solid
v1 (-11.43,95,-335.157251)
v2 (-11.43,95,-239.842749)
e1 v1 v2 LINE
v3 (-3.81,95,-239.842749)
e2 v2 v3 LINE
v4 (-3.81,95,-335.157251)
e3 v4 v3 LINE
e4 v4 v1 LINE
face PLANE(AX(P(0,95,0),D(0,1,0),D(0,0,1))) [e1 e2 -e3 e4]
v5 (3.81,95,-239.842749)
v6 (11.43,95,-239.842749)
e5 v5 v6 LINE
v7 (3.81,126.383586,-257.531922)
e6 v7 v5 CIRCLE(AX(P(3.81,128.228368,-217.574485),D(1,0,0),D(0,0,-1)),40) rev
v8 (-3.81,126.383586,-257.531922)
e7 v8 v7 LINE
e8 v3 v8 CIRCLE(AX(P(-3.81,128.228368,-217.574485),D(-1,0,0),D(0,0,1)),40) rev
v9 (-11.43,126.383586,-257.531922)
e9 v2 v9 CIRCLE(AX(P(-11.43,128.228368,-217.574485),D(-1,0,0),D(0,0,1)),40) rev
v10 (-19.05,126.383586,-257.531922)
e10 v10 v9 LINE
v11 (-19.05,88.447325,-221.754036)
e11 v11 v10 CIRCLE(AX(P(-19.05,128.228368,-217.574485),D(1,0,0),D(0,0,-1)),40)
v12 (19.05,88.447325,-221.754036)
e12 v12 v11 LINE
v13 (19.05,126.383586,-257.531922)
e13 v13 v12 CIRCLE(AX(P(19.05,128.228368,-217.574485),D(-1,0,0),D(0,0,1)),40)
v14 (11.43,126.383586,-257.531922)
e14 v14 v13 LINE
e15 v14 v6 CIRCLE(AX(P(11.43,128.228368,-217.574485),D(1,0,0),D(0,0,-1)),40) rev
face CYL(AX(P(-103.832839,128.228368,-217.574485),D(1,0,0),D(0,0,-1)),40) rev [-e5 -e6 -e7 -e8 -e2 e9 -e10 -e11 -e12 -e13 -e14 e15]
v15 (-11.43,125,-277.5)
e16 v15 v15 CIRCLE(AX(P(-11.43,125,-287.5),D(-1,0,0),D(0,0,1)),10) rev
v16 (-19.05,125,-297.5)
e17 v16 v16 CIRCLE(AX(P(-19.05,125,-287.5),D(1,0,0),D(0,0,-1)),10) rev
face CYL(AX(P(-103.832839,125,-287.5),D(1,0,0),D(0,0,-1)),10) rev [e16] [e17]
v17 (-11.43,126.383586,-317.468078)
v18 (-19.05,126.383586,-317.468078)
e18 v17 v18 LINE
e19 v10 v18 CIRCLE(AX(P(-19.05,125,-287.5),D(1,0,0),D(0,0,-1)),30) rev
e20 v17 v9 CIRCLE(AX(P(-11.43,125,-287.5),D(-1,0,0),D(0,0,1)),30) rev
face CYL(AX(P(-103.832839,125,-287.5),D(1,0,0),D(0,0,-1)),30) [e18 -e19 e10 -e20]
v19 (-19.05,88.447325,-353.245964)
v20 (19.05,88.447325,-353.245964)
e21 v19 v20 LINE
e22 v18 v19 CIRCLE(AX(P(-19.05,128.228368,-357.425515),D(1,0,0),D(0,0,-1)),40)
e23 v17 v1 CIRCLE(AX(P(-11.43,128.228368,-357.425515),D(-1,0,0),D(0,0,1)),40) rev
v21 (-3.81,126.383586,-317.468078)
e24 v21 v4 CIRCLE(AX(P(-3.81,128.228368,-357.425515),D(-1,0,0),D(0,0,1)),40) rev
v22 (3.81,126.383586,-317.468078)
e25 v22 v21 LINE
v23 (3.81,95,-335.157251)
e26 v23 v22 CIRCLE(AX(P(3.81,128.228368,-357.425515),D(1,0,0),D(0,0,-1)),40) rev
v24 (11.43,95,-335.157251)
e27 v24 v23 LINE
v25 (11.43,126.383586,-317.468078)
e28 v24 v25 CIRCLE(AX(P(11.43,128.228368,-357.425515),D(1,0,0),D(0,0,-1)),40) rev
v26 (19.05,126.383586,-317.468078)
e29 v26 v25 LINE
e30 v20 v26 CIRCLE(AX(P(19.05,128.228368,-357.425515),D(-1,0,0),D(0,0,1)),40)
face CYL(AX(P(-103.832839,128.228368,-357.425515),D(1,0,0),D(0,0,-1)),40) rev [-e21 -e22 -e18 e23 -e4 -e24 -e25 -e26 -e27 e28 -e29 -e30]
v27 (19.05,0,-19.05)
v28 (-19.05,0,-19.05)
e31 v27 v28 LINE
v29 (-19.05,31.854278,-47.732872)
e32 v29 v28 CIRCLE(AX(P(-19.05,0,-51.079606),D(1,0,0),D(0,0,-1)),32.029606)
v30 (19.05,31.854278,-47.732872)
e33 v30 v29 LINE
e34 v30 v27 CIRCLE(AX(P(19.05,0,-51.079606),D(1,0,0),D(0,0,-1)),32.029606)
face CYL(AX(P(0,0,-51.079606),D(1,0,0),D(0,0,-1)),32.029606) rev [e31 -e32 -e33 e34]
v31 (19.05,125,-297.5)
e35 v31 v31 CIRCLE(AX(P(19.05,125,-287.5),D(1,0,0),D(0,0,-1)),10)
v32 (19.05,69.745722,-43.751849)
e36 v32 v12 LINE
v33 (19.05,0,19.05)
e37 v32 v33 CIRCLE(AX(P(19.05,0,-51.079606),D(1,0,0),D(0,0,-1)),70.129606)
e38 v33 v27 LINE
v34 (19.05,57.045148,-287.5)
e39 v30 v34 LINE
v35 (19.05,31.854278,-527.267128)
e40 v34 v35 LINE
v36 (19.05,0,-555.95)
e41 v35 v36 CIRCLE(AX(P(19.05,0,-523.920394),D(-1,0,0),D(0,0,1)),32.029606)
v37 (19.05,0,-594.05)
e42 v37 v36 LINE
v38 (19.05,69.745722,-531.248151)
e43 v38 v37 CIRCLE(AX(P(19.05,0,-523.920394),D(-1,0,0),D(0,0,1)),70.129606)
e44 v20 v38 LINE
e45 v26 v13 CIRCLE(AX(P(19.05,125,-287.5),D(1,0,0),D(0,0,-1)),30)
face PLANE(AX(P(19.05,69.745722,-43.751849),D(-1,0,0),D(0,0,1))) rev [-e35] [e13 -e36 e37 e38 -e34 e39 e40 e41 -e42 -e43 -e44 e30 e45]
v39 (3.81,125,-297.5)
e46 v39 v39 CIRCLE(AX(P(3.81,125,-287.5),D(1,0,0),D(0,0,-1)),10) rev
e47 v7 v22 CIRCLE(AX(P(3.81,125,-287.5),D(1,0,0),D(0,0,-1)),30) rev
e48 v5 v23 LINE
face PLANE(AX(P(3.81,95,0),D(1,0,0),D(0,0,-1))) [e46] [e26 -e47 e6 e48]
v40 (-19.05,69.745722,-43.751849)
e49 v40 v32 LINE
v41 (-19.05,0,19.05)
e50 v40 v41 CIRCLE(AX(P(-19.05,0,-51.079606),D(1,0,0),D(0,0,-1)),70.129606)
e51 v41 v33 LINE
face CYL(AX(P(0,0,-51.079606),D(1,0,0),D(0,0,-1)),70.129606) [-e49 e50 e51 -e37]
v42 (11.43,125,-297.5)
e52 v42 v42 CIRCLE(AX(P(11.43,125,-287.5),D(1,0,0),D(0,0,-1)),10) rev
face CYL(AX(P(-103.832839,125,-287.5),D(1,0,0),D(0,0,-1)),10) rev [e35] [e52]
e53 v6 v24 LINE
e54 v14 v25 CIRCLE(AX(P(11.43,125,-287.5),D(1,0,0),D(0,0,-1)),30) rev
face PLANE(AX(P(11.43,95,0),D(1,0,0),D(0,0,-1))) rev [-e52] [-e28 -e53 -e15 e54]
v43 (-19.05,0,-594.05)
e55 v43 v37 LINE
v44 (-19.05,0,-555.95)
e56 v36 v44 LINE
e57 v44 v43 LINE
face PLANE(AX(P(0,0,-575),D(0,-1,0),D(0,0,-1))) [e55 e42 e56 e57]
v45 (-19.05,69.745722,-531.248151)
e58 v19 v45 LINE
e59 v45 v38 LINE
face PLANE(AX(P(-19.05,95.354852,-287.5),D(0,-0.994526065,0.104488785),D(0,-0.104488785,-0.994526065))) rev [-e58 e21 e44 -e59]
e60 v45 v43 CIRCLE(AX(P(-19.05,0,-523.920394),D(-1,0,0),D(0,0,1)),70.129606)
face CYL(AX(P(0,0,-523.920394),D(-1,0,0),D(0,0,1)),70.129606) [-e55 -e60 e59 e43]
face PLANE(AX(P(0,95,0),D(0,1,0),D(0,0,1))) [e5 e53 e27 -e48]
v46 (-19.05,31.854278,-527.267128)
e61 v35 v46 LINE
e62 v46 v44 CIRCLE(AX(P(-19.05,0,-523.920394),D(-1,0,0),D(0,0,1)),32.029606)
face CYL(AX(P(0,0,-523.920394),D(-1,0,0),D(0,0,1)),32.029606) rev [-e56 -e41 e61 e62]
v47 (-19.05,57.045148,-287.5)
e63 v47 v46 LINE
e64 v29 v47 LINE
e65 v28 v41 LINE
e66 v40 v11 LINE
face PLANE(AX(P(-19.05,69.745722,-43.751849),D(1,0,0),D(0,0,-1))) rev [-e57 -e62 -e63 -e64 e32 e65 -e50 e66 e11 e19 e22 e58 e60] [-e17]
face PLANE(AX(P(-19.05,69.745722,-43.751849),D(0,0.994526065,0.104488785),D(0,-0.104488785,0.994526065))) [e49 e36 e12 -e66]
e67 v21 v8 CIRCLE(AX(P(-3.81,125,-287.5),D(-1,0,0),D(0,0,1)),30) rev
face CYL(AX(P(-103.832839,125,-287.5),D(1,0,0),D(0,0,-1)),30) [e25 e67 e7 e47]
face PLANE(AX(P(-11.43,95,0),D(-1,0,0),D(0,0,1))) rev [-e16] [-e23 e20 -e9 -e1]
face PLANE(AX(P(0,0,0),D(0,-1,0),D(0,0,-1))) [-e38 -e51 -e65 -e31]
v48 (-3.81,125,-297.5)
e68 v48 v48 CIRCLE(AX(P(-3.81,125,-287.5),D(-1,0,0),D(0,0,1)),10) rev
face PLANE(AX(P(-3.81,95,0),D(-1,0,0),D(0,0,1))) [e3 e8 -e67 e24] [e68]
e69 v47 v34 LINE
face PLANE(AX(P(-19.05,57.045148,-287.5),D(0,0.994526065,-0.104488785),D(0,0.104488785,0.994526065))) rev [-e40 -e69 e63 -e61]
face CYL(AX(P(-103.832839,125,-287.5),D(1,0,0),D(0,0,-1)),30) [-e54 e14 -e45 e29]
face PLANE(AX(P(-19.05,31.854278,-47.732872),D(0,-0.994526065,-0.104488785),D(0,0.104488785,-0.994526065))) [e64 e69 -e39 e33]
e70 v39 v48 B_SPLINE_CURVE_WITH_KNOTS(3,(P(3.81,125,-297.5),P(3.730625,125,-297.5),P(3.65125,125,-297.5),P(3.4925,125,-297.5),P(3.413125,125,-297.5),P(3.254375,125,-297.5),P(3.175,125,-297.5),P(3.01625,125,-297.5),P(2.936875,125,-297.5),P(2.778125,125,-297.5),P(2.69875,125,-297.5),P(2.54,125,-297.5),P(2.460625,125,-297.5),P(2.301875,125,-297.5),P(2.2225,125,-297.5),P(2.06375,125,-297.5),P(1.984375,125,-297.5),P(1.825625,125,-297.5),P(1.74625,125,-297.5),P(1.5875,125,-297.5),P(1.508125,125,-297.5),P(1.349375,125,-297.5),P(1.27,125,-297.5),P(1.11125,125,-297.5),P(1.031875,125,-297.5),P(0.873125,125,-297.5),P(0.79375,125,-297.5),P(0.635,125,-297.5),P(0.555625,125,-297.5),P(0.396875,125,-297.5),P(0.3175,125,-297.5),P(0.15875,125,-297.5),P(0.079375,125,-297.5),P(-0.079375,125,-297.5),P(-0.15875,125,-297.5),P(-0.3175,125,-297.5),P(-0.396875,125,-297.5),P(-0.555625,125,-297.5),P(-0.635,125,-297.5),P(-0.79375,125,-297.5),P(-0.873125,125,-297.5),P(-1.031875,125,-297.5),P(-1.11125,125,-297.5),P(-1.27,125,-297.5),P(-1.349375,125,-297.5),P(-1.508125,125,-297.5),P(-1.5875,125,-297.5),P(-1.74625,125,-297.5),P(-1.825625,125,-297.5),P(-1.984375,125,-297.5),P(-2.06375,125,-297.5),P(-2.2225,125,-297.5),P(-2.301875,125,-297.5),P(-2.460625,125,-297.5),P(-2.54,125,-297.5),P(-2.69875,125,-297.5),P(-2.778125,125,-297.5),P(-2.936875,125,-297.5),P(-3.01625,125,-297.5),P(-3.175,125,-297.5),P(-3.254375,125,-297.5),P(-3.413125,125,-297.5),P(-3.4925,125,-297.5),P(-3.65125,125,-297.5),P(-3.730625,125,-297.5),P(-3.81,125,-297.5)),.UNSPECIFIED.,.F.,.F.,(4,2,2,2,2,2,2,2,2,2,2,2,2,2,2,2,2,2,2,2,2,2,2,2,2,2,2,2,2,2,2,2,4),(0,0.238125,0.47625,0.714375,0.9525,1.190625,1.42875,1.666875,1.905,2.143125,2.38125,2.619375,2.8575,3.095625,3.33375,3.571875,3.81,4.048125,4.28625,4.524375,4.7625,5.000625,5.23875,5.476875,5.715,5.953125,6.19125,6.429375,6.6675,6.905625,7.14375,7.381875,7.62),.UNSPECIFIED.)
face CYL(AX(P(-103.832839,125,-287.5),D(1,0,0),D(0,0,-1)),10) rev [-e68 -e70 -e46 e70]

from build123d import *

# Parameters (mm, degrees)
SKETCH2_W           = 38.1
SKETCH2_H           = 38.1
SKETCH3_R           = 10
BOSS_EXTRUDE1_DEPTH = 38.1
FILLET1_R           = 40
SKETCH4_W           = 7.62
SKETCH4_H           = 59.936155674
SKETCH4_H_2         = 35.777885711
CUT_EXTRUDE1_DEPTH  = 60


with BuildPart() as part:
    # Sweep1: sweep along a path in Sketch1
    with BuildLine(Plane(origin=(0, 0, 0), x_dir=(0, 0, -1), z_dir=(1, 0, 0))) as sweep1_path:
        ThreePointArc((0, 0), (13.120743049, 34.179685259), (45.742360428, 50.8))
        Line((45.742360428, 50.8), (287.5, 76.2))
        Line((287.5, 76.2), (529.257639572, 50.8))
        ThreePointArc((529.257639572, 50.8), (561.879256951, 34.179685259), (575, 0))
    # Sketch2 → Sweep1 (sweep)
    with BuildSketch(Plane(origin=(0, 0, 0), x_dir=(1, 0, 0), z_dir=(0, 1, 0))):
        Rectangle(SKETCH2_W, SKETCH2_H)
    sweep(path=sweep1_path.line, transition=Transition.RIGHT)

    # Sketch3 → Boss-Extrude1 (add)
    with BuildSketch(Plane(origin=(19.05, 0, 0), x_dir=(0, 0, -1), z_dir=(1, 0, 0))):
        with BuildLine():
            ThreePointArc((317.5, 125), (267.165990691, 147.057381201), (285.064795638, 95.099000356))
            Line((285.064795638, 95.099000356), (287.5, 95.354852419))
            Line((287.5, 95.354852419), (289.935204362, 95.099000356))
            ThreePointArc((289.935204362, 95.099000356), (309.557381201, 104.665990691), (317.5, 125))
        make_face()
        with Locations((287.5, 125)):
            Circle(SKETCH3_R, mode=Mode.SUBTRACT)
    extrude(amount=-BOSS_EXTRUDE1_DEPTH)

    # Fillet1
    fillet1_edges = [part.edges().sort_by_distance(p)[0] for p in [
        (0, 95.099000356, -289.935204362),
        (0, 95.099000356, -285.064795638),
    ]]
    fillet(fillet1_edges, radius=FILLET1_R)

    # Sketch4 → Cut-Extrude1 (cut)
    with BuildSketch(Plane(origin=(0, 155, 0), x_dir=(1, 0, 0), z_dir=(0, 1, 0))):
        with Locations((-7.62, 287.5)):
            Rectangle(SKETCH4_W, SKETCH4_H)
        with Locations((-7.62, 335.357020692)):
            Rectangle(SKETCH4_W, SKETCH4_H_2)
        with Locations((7.62, 335.357020692)):
            Rectangle(SKETCH4_W, SKETCH4_H_2)
        with Locations((7.62, 287.5)):
            Rectangle(SKETCH4_W, SKETCH4_H)
        with Locations((7.62, 239.642979308)):
            Rectangle(SKETCH4_W, SKETCH4_H_2)
        with Locations((-7.62, 239.642979308)):
            Rectangle(SKETCH4_W, SKETCH4_H_2)
    extrude(amount=-CUT_EXTRUDE1_DEPTH, mode=Mode.SUBTRACT)


solid = part.part
